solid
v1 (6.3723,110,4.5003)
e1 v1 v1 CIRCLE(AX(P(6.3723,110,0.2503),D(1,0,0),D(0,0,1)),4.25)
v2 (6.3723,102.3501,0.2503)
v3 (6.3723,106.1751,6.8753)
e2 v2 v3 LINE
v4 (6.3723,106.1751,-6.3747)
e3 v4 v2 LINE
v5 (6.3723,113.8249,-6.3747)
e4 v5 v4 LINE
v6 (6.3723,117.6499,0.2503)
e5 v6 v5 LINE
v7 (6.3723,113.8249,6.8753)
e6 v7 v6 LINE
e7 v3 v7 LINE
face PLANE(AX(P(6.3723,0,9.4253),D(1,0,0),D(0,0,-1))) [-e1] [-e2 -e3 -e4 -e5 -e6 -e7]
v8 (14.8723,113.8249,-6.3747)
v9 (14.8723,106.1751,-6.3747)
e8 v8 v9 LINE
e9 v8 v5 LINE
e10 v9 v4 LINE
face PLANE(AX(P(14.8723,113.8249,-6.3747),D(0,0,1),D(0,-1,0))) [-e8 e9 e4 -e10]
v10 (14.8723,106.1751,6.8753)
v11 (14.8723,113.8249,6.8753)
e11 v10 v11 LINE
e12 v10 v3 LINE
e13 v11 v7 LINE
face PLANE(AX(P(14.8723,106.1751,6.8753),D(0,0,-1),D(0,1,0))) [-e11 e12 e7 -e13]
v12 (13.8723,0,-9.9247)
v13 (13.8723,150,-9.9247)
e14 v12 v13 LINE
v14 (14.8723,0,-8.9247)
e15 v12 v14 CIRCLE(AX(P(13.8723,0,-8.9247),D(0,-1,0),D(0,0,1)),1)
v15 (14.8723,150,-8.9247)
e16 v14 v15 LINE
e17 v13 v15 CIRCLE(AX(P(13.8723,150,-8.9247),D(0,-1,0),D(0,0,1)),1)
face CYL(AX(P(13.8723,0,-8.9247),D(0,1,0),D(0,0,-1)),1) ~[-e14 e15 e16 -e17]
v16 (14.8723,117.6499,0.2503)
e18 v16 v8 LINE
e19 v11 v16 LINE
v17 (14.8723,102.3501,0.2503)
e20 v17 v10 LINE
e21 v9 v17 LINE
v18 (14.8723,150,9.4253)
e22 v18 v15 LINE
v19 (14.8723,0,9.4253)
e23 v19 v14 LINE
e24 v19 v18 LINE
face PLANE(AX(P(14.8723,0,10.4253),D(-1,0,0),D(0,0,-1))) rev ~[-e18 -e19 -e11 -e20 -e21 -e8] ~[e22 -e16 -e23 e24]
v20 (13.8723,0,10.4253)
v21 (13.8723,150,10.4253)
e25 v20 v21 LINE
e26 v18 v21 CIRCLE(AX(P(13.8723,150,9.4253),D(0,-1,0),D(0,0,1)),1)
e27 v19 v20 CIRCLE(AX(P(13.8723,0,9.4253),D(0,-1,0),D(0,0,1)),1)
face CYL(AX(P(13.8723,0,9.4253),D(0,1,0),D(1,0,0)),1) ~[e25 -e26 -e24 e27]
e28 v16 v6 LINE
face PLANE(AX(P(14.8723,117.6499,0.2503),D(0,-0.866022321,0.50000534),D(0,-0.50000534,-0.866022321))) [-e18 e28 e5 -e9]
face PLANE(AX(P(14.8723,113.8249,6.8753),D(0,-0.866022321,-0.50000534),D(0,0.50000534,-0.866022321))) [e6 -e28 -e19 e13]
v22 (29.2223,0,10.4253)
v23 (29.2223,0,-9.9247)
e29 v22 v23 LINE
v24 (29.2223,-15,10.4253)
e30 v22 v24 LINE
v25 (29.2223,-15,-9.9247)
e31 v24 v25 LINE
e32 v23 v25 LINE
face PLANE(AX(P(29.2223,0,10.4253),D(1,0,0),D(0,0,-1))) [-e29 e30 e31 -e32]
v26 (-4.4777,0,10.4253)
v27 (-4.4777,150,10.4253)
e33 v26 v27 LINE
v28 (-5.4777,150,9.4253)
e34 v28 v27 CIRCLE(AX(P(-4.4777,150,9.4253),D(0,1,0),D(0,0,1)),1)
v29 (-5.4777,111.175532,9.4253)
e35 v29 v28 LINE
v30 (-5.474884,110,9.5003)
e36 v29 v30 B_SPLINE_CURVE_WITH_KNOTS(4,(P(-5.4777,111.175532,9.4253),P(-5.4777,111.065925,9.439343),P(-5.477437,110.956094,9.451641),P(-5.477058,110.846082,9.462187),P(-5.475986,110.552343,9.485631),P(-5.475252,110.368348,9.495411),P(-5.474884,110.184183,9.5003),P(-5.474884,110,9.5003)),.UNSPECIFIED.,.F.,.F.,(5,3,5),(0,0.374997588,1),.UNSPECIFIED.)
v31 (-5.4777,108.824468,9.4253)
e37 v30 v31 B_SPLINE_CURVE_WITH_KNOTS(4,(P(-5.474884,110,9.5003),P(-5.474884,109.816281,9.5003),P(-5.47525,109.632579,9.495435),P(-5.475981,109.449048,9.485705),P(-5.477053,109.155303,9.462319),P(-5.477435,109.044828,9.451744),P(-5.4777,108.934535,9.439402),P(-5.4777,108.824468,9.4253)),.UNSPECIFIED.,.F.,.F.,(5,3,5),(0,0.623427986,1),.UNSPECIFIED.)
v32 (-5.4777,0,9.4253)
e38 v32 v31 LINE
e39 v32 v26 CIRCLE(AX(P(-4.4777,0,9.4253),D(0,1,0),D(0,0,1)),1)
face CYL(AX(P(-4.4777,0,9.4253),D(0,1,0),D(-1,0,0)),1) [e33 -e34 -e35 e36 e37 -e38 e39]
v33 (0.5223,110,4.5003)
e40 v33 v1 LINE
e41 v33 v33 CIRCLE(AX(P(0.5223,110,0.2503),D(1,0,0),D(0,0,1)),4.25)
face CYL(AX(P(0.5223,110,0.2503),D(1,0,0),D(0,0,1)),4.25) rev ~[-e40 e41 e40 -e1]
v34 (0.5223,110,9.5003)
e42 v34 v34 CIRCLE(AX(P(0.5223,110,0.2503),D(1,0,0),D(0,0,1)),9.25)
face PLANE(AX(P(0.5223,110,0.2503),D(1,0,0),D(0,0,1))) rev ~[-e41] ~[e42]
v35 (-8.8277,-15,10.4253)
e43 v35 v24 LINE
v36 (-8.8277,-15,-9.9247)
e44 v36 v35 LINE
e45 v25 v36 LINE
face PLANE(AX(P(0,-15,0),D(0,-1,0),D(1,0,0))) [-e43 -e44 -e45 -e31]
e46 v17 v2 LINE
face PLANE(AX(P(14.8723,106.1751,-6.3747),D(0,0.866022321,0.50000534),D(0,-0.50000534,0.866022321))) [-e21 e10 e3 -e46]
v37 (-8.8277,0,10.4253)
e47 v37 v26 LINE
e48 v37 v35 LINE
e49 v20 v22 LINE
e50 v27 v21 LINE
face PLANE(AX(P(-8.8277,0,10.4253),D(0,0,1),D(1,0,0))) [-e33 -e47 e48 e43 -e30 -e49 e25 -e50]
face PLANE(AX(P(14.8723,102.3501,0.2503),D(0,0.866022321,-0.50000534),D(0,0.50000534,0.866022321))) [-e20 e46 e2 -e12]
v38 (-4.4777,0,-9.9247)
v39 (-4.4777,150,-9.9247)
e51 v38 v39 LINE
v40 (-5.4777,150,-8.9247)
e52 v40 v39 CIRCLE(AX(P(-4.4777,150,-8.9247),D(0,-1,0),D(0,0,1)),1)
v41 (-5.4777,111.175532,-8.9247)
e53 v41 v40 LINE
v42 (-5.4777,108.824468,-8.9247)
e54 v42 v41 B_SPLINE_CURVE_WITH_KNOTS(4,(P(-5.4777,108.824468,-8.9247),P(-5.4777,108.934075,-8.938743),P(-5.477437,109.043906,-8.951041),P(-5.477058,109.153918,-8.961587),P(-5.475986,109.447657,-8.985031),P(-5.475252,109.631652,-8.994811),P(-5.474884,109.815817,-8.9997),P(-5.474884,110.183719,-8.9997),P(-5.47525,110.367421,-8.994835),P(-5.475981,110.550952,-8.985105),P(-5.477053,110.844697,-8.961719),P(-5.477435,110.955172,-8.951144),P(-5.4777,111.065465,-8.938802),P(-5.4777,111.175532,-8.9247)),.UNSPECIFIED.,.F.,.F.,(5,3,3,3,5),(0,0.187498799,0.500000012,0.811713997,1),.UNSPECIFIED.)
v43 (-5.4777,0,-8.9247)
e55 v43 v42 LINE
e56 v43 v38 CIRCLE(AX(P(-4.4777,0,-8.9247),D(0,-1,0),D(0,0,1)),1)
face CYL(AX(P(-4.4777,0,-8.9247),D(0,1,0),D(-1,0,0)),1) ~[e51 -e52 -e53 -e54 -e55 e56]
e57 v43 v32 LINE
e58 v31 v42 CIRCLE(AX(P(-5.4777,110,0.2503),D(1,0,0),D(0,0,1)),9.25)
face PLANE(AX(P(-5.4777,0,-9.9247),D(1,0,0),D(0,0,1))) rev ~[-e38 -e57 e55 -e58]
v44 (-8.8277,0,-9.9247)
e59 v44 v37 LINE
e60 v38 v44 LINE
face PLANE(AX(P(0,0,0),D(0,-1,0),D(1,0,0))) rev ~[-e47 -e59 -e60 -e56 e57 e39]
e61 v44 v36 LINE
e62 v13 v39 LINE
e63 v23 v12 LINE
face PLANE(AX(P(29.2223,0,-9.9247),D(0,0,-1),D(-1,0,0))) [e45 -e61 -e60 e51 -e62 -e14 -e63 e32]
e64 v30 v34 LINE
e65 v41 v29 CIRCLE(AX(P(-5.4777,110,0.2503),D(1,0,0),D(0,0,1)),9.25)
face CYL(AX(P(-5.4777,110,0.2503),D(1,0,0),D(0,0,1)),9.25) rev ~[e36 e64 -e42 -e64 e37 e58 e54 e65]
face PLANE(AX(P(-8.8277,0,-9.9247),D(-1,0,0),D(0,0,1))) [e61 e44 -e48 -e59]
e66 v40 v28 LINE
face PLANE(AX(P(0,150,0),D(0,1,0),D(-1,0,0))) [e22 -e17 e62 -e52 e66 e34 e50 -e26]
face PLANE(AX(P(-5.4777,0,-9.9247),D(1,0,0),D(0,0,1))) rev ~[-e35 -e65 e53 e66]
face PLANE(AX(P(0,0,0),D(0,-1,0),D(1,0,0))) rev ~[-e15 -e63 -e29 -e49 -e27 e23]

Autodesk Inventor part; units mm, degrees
ref_plane "YZ Plane" through (0, 0, 0) normal (1, 0, 0) x (0, 1, 0)
ref_plane "XZ Plane" through (0, 0, 0) normal (0, 1, 0) x (-1, 0, 0)
ref_plane "XY Plane" through (0, 0, 0) normal (0, 0, 1) x (1, 0, 0)
sketch "Sketch1" plane through (0, 0, 0) normal (0, 1, 0) x (-1, 0, 0)
  line L0 (5.4777, 10.4253) -> (-14.8723, 10.4253)
  line L1 (-14.8723, 10.4253) -> (-14.8723, -9.9247)
  line L2 (-14.8723, -9.9247) -> (5.4777, -9.9247)
  line L3 (5.4777, -9.9247) -> (5.4777, 10.4253)
  point P0 (0, 0)
  dimension "d0" = 20.35
  dimension "d1" = 20.35
extrude "Extrusion1" add sketch "Sketch1" along normal blind 150
fillet "Fillet1" radius 1 4 edges at (14.8723, 75, 10.4253) (14.8723, 75, -9.9247) (-5.4777, 75, 10.4253) (-5.4777, 75, -9.9247)
sketch "Sketch2" plane through (14.8723, 0, 9.4253) normal (1, 0, 0) x (0, 0, -1)
  line L0 (9.175, 102.3501) -> (2.55, 106.1751)
  line L1 (2.55, 106.1751) -> (2.55, 113.8249)
  line L2 (2.55, 113.8249) -> (9.175, 117.6499)
  line L3 (9.175, 117.6499) -> (15.8, 113.8249)
  line L4 (15.8, 113.8249) -> (15.8, 106.1751)
  line L5 (15.8, 106.1751) -> (9.175, 102.3501)
  line L6 (18.35, 150) -> (18.35, 0) projected
  line L7 (0, 150) -> (18.35, 150) projected
  line L8 (0, 0) -> (0, 150) projected
  line L9 (0, 0) -> (18.35, 0) projected
  line L10 (-1, 150) -> (-1, 0) projected
  point P0 (9.4253, 0)
  point P1 (9.175, 110)
  dimension "d5" = 13.25
  dimension "d6" = 0
  dimension "d37" = 110
  dimension "d39" = 40
  dimension "d40" = 10.175
extrude "Extrusion2" cut sketch "Sketch2" against normal blind 8.5 contours L0 L1 L2 L3 L4 L5
sketch "Sketch3" plane through (-5.4777, 0, -8.9247) normal (-1, 0, 0) x (0, 0, 1)
  circle A0 centre (9.175, 110) radius 9.25
  line L0 (0, 150) -> (18.35, 150) projected
  line L1 (19.35, 0) -> (19.35, 150) projected
  line L2 (0, 0) -> (18.35, 0) projected
  point P0 (8.9247, 0)
  dimension "d12" = 18.5
  dimension "d13" = 10.175
  dimension "d38" = 110
hole "Hole1" at (-5.4777, 110, 0.2503) direction (1, 0, 0) diameter 8.5 depth 40 counterbore diameter 18.5 counterbore depth 6
sketch "Sketch4" plane through (0, 0, 0) normal (0, -1, 0) x (1, 0, 0)
  line L0 (29.2223, -9.9247) -> (-8.8277, -9.9247)
  line L1 (-8.8277, -9.9247) -> (-8.8277, 10.4253)
  line L2 (-8.8277, 10.4253) -> (29.2223, 10.4253)
  line L3 (29.2223, 10.4253) -> (29.2223, -9.9247)
  line L4 (13.8723, -9.9247) -> (-4.4777, -9.9247) projected
  line L5 (14.8723, 9.4253) -> (14.8723, -8.9247) projected
  line L6 (-5.4777, -8.9247) -> (-5.4777, 9.4253) projected
  point P0 (0, 0)
  dimension "d22" = 20.35
  dimension "d23" = 0
  dimension "d25" = 3.35
  dimension "d36" = 14.35
extrude "Extrusion3" add sketch "Sketch4" along normal blind 15
properties part number "shaft4V1"
